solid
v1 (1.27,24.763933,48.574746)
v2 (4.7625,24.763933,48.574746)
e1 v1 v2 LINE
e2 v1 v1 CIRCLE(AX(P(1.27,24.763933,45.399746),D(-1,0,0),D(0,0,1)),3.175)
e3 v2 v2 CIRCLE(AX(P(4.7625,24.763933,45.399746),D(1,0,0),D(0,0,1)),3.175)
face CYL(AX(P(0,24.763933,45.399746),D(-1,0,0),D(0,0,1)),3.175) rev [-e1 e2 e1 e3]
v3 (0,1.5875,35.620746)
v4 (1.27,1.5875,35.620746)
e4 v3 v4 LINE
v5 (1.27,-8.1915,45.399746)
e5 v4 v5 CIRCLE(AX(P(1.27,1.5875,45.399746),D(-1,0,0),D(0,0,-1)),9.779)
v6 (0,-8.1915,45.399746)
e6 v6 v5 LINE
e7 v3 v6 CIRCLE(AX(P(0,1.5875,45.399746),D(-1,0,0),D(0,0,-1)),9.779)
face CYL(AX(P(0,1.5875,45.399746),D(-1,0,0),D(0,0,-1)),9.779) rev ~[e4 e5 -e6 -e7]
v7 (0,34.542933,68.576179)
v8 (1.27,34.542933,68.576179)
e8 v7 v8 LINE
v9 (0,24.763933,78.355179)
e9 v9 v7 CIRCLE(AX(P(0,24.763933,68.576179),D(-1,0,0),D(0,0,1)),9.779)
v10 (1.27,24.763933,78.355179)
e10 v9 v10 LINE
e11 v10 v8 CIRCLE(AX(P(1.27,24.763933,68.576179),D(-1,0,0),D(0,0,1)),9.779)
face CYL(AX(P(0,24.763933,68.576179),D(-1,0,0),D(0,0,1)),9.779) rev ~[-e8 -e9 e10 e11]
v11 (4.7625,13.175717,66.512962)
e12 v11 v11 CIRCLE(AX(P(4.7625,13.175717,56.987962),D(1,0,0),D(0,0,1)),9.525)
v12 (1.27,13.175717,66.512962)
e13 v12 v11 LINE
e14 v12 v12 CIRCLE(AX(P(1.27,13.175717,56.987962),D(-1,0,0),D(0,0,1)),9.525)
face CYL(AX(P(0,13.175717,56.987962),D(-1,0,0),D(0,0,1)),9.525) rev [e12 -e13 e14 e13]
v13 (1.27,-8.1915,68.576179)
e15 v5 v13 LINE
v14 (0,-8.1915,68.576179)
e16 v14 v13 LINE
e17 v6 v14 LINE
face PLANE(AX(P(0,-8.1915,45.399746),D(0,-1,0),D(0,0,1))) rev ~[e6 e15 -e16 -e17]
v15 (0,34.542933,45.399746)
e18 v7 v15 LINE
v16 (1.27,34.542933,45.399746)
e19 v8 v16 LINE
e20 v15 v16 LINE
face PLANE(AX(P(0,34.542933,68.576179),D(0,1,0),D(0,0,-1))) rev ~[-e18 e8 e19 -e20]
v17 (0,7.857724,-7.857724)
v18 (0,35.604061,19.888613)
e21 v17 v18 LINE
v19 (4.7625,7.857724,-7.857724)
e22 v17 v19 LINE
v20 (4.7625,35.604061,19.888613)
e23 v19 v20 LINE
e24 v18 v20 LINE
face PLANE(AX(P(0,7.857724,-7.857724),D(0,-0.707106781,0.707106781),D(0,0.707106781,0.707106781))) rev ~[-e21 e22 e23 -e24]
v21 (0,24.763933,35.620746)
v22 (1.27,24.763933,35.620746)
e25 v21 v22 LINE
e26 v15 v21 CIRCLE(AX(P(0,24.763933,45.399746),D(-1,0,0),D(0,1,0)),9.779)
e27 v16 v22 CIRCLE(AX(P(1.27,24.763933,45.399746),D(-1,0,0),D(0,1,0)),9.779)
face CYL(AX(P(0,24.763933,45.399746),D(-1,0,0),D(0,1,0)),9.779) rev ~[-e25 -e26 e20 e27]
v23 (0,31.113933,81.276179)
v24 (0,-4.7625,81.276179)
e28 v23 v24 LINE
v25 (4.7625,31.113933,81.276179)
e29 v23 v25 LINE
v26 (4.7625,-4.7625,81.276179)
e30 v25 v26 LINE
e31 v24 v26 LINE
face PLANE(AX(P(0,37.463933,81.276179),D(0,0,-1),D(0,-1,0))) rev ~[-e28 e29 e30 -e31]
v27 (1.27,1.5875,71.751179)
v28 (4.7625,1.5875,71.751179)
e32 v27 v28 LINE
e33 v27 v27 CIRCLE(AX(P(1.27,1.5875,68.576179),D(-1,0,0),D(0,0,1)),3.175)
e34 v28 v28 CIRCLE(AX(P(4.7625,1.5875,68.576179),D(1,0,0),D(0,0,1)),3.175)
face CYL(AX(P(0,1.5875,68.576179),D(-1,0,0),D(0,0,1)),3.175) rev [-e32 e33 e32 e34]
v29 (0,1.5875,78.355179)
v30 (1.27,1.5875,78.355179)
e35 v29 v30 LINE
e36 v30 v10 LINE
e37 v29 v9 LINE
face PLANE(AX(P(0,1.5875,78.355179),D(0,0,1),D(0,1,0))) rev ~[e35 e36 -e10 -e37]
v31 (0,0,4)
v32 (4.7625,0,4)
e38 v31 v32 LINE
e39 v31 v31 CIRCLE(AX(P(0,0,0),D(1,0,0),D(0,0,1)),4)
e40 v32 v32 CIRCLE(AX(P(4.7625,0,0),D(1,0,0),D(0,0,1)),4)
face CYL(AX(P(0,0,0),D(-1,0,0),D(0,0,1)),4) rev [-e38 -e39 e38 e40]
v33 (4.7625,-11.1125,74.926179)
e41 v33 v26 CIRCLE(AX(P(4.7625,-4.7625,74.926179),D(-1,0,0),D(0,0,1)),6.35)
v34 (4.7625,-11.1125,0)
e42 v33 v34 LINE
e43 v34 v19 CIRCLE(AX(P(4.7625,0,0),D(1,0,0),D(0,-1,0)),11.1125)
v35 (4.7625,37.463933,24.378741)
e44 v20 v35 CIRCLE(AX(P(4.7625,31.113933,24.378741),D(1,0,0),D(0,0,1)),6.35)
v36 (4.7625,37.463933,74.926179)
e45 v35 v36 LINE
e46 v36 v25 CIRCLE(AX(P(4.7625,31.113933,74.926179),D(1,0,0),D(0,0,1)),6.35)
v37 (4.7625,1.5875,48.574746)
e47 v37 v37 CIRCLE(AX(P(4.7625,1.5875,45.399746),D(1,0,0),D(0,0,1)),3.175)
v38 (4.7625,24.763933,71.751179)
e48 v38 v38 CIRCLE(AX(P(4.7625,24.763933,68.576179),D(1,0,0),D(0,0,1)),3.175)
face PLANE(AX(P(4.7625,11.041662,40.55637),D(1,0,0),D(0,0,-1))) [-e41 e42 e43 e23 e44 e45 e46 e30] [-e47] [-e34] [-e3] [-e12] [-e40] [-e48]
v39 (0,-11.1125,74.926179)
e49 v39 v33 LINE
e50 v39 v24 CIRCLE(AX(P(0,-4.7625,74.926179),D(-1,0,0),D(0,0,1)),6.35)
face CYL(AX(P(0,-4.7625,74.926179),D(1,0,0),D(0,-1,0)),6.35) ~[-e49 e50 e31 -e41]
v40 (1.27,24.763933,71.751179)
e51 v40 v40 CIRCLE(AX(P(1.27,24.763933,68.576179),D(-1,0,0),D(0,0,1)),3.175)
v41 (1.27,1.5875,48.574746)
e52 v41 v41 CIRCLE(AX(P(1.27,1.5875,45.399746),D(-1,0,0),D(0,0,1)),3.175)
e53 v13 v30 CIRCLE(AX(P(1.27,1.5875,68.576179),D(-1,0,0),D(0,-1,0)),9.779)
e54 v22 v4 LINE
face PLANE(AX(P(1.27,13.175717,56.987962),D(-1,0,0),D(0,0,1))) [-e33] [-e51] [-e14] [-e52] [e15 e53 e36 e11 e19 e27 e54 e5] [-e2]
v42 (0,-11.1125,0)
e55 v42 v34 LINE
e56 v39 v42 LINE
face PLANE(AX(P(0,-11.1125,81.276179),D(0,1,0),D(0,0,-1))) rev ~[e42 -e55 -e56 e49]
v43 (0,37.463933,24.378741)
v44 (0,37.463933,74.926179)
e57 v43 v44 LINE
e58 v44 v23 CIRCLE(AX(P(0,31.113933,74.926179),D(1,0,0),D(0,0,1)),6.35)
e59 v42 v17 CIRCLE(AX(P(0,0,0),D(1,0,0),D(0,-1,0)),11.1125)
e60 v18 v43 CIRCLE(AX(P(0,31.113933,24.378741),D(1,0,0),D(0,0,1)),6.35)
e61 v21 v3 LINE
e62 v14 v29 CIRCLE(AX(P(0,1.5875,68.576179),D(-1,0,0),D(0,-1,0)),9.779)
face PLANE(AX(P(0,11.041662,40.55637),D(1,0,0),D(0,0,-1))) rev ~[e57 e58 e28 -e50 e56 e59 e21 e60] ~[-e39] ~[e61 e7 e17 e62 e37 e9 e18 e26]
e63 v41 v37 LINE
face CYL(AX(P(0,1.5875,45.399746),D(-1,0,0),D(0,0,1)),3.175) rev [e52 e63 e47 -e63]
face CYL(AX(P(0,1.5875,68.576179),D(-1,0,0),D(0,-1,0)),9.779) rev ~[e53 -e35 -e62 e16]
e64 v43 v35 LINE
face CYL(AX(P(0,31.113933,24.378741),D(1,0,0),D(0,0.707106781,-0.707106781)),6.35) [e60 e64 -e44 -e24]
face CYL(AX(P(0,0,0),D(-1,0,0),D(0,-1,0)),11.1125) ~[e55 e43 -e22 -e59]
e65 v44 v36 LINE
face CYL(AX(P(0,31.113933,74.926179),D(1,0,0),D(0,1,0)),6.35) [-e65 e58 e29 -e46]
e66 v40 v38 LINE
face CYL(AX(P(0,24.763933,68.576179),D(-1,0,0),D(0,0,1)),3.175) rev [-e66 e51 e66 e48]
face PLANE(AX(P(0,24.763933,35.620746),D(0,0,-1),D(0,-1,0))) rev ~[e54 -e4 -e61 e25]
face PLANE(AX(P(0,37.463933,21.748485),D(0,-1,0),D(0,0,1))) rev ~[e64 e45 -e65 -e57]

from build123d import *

# Parameters (mm, degrees)
SKETCH1_R           = 4.000000001
SKETCH1_R_2         = 3.175
SKETCH1_R_3         = 9.525
BOSS_EXTRUDE1_DEPTH = 4.7625
FILLET1_R           = 6.35
CUT_EXTRUDE4_DEPTH  = 1.27


with BuildPart() as part:
    # Sketch1 → Boss-Extrude1 (new body)
    with BuildSketch(Plane(origin=(0, 0, 0), x_dir=(0, 0, -1), z_dir=(1, 0, 0))):
        with BuildLine():
            Line((7.857724106, 7.857724106), (-21.748484988, 37.4639332))
            Line((-21.748484988, 37.4639332), (-81.276178769, 37.4639332))
            Line((-81.276178769, 37.4639332), (-81.276178769, -11.1125))
            Line((-81.276178769, -11.1125), (0, -11.1125))
            ThreePointArc((0, -11.1125), (10.266611305, -4.252569642), (7.857724106, 7.857724106))
        make_face()
        Circle(SKETCH1_R, mode=Mode.SUBTRACT)
        with Locations((-68.576178769, 24.7639332)):
            Circle(SKETCH1_R_2, mode=Mode.SUBTRACT)
        with Locations((-45.399745569, 24.7639332)):
            Circle(SKETCH1_R_2, mode=Mode.SUBTRACT)
        with Locations((-45.399745569, 1.5875)):
            Circle(SKETCH1_R_2, mode=Mode.SUBTRACT)
        with Locations((-68.576178769, 1.5875)):
            Circle(SKETCH1_R_2, mode=Mode.SUBTRACT)
        with Locations((-56.987962169, 13.1757166)):
            Circle(SKETCH1_R_3, mode=Mode.SUBTRACT)
    extrude(amount=BOSS_EXTRUDE1_DEPTH)

    # Fillet1
    fillet1_edges = [part.edges().sort_by_distance(p)[0] for p in [
        (2.38125, -11.1125, 81.276178769),
        (2.38125, 37.4639332, 21.748484988),
        (2.38125, 37.4639332, 81.276178769),
    ]]
    fillet(fillet1_edges, radius=FILLET1_R)

    # Sketch5 → Cut-Extrude4 (cut)
    with BuildSketch(Plane.ZY):
        with BuildLine():
            Line((35.620745569, 24.7639332), (35.620745569, 1.5875))
            ThreePointArc((35.620745569, 1.5875), (38.484948356, -5.327297213), (45.399745569, -8.1915))
            Line((45.399745569, -8.1915), (68.576178769, -8.1915))
            ThreePointArc((68.576178769, -8.1915), (75.490975982, -5.327297213), (78.355178769, 1.5875))
            Line((78.355178769, 1.5875), (78.355178769, 24.7639332))
            ThreePointArc((78.355178769, 24.7639332), (75.490975982, 31.678730413), (68.576178769, 34.5429332))
            Line((68.576178769, 34.5429332), (45.399745569, 34.5429332))
            ThreePointArc((45.399745569, 34.5429332), (38.484948356, 31.678730413), (35.620745569, 24.7639332))
        make_face()
    extrude(amount=-CUT_EXTRUDE4_DEPTH, mode=Mode.SUBTRACT)


solid = part.part
